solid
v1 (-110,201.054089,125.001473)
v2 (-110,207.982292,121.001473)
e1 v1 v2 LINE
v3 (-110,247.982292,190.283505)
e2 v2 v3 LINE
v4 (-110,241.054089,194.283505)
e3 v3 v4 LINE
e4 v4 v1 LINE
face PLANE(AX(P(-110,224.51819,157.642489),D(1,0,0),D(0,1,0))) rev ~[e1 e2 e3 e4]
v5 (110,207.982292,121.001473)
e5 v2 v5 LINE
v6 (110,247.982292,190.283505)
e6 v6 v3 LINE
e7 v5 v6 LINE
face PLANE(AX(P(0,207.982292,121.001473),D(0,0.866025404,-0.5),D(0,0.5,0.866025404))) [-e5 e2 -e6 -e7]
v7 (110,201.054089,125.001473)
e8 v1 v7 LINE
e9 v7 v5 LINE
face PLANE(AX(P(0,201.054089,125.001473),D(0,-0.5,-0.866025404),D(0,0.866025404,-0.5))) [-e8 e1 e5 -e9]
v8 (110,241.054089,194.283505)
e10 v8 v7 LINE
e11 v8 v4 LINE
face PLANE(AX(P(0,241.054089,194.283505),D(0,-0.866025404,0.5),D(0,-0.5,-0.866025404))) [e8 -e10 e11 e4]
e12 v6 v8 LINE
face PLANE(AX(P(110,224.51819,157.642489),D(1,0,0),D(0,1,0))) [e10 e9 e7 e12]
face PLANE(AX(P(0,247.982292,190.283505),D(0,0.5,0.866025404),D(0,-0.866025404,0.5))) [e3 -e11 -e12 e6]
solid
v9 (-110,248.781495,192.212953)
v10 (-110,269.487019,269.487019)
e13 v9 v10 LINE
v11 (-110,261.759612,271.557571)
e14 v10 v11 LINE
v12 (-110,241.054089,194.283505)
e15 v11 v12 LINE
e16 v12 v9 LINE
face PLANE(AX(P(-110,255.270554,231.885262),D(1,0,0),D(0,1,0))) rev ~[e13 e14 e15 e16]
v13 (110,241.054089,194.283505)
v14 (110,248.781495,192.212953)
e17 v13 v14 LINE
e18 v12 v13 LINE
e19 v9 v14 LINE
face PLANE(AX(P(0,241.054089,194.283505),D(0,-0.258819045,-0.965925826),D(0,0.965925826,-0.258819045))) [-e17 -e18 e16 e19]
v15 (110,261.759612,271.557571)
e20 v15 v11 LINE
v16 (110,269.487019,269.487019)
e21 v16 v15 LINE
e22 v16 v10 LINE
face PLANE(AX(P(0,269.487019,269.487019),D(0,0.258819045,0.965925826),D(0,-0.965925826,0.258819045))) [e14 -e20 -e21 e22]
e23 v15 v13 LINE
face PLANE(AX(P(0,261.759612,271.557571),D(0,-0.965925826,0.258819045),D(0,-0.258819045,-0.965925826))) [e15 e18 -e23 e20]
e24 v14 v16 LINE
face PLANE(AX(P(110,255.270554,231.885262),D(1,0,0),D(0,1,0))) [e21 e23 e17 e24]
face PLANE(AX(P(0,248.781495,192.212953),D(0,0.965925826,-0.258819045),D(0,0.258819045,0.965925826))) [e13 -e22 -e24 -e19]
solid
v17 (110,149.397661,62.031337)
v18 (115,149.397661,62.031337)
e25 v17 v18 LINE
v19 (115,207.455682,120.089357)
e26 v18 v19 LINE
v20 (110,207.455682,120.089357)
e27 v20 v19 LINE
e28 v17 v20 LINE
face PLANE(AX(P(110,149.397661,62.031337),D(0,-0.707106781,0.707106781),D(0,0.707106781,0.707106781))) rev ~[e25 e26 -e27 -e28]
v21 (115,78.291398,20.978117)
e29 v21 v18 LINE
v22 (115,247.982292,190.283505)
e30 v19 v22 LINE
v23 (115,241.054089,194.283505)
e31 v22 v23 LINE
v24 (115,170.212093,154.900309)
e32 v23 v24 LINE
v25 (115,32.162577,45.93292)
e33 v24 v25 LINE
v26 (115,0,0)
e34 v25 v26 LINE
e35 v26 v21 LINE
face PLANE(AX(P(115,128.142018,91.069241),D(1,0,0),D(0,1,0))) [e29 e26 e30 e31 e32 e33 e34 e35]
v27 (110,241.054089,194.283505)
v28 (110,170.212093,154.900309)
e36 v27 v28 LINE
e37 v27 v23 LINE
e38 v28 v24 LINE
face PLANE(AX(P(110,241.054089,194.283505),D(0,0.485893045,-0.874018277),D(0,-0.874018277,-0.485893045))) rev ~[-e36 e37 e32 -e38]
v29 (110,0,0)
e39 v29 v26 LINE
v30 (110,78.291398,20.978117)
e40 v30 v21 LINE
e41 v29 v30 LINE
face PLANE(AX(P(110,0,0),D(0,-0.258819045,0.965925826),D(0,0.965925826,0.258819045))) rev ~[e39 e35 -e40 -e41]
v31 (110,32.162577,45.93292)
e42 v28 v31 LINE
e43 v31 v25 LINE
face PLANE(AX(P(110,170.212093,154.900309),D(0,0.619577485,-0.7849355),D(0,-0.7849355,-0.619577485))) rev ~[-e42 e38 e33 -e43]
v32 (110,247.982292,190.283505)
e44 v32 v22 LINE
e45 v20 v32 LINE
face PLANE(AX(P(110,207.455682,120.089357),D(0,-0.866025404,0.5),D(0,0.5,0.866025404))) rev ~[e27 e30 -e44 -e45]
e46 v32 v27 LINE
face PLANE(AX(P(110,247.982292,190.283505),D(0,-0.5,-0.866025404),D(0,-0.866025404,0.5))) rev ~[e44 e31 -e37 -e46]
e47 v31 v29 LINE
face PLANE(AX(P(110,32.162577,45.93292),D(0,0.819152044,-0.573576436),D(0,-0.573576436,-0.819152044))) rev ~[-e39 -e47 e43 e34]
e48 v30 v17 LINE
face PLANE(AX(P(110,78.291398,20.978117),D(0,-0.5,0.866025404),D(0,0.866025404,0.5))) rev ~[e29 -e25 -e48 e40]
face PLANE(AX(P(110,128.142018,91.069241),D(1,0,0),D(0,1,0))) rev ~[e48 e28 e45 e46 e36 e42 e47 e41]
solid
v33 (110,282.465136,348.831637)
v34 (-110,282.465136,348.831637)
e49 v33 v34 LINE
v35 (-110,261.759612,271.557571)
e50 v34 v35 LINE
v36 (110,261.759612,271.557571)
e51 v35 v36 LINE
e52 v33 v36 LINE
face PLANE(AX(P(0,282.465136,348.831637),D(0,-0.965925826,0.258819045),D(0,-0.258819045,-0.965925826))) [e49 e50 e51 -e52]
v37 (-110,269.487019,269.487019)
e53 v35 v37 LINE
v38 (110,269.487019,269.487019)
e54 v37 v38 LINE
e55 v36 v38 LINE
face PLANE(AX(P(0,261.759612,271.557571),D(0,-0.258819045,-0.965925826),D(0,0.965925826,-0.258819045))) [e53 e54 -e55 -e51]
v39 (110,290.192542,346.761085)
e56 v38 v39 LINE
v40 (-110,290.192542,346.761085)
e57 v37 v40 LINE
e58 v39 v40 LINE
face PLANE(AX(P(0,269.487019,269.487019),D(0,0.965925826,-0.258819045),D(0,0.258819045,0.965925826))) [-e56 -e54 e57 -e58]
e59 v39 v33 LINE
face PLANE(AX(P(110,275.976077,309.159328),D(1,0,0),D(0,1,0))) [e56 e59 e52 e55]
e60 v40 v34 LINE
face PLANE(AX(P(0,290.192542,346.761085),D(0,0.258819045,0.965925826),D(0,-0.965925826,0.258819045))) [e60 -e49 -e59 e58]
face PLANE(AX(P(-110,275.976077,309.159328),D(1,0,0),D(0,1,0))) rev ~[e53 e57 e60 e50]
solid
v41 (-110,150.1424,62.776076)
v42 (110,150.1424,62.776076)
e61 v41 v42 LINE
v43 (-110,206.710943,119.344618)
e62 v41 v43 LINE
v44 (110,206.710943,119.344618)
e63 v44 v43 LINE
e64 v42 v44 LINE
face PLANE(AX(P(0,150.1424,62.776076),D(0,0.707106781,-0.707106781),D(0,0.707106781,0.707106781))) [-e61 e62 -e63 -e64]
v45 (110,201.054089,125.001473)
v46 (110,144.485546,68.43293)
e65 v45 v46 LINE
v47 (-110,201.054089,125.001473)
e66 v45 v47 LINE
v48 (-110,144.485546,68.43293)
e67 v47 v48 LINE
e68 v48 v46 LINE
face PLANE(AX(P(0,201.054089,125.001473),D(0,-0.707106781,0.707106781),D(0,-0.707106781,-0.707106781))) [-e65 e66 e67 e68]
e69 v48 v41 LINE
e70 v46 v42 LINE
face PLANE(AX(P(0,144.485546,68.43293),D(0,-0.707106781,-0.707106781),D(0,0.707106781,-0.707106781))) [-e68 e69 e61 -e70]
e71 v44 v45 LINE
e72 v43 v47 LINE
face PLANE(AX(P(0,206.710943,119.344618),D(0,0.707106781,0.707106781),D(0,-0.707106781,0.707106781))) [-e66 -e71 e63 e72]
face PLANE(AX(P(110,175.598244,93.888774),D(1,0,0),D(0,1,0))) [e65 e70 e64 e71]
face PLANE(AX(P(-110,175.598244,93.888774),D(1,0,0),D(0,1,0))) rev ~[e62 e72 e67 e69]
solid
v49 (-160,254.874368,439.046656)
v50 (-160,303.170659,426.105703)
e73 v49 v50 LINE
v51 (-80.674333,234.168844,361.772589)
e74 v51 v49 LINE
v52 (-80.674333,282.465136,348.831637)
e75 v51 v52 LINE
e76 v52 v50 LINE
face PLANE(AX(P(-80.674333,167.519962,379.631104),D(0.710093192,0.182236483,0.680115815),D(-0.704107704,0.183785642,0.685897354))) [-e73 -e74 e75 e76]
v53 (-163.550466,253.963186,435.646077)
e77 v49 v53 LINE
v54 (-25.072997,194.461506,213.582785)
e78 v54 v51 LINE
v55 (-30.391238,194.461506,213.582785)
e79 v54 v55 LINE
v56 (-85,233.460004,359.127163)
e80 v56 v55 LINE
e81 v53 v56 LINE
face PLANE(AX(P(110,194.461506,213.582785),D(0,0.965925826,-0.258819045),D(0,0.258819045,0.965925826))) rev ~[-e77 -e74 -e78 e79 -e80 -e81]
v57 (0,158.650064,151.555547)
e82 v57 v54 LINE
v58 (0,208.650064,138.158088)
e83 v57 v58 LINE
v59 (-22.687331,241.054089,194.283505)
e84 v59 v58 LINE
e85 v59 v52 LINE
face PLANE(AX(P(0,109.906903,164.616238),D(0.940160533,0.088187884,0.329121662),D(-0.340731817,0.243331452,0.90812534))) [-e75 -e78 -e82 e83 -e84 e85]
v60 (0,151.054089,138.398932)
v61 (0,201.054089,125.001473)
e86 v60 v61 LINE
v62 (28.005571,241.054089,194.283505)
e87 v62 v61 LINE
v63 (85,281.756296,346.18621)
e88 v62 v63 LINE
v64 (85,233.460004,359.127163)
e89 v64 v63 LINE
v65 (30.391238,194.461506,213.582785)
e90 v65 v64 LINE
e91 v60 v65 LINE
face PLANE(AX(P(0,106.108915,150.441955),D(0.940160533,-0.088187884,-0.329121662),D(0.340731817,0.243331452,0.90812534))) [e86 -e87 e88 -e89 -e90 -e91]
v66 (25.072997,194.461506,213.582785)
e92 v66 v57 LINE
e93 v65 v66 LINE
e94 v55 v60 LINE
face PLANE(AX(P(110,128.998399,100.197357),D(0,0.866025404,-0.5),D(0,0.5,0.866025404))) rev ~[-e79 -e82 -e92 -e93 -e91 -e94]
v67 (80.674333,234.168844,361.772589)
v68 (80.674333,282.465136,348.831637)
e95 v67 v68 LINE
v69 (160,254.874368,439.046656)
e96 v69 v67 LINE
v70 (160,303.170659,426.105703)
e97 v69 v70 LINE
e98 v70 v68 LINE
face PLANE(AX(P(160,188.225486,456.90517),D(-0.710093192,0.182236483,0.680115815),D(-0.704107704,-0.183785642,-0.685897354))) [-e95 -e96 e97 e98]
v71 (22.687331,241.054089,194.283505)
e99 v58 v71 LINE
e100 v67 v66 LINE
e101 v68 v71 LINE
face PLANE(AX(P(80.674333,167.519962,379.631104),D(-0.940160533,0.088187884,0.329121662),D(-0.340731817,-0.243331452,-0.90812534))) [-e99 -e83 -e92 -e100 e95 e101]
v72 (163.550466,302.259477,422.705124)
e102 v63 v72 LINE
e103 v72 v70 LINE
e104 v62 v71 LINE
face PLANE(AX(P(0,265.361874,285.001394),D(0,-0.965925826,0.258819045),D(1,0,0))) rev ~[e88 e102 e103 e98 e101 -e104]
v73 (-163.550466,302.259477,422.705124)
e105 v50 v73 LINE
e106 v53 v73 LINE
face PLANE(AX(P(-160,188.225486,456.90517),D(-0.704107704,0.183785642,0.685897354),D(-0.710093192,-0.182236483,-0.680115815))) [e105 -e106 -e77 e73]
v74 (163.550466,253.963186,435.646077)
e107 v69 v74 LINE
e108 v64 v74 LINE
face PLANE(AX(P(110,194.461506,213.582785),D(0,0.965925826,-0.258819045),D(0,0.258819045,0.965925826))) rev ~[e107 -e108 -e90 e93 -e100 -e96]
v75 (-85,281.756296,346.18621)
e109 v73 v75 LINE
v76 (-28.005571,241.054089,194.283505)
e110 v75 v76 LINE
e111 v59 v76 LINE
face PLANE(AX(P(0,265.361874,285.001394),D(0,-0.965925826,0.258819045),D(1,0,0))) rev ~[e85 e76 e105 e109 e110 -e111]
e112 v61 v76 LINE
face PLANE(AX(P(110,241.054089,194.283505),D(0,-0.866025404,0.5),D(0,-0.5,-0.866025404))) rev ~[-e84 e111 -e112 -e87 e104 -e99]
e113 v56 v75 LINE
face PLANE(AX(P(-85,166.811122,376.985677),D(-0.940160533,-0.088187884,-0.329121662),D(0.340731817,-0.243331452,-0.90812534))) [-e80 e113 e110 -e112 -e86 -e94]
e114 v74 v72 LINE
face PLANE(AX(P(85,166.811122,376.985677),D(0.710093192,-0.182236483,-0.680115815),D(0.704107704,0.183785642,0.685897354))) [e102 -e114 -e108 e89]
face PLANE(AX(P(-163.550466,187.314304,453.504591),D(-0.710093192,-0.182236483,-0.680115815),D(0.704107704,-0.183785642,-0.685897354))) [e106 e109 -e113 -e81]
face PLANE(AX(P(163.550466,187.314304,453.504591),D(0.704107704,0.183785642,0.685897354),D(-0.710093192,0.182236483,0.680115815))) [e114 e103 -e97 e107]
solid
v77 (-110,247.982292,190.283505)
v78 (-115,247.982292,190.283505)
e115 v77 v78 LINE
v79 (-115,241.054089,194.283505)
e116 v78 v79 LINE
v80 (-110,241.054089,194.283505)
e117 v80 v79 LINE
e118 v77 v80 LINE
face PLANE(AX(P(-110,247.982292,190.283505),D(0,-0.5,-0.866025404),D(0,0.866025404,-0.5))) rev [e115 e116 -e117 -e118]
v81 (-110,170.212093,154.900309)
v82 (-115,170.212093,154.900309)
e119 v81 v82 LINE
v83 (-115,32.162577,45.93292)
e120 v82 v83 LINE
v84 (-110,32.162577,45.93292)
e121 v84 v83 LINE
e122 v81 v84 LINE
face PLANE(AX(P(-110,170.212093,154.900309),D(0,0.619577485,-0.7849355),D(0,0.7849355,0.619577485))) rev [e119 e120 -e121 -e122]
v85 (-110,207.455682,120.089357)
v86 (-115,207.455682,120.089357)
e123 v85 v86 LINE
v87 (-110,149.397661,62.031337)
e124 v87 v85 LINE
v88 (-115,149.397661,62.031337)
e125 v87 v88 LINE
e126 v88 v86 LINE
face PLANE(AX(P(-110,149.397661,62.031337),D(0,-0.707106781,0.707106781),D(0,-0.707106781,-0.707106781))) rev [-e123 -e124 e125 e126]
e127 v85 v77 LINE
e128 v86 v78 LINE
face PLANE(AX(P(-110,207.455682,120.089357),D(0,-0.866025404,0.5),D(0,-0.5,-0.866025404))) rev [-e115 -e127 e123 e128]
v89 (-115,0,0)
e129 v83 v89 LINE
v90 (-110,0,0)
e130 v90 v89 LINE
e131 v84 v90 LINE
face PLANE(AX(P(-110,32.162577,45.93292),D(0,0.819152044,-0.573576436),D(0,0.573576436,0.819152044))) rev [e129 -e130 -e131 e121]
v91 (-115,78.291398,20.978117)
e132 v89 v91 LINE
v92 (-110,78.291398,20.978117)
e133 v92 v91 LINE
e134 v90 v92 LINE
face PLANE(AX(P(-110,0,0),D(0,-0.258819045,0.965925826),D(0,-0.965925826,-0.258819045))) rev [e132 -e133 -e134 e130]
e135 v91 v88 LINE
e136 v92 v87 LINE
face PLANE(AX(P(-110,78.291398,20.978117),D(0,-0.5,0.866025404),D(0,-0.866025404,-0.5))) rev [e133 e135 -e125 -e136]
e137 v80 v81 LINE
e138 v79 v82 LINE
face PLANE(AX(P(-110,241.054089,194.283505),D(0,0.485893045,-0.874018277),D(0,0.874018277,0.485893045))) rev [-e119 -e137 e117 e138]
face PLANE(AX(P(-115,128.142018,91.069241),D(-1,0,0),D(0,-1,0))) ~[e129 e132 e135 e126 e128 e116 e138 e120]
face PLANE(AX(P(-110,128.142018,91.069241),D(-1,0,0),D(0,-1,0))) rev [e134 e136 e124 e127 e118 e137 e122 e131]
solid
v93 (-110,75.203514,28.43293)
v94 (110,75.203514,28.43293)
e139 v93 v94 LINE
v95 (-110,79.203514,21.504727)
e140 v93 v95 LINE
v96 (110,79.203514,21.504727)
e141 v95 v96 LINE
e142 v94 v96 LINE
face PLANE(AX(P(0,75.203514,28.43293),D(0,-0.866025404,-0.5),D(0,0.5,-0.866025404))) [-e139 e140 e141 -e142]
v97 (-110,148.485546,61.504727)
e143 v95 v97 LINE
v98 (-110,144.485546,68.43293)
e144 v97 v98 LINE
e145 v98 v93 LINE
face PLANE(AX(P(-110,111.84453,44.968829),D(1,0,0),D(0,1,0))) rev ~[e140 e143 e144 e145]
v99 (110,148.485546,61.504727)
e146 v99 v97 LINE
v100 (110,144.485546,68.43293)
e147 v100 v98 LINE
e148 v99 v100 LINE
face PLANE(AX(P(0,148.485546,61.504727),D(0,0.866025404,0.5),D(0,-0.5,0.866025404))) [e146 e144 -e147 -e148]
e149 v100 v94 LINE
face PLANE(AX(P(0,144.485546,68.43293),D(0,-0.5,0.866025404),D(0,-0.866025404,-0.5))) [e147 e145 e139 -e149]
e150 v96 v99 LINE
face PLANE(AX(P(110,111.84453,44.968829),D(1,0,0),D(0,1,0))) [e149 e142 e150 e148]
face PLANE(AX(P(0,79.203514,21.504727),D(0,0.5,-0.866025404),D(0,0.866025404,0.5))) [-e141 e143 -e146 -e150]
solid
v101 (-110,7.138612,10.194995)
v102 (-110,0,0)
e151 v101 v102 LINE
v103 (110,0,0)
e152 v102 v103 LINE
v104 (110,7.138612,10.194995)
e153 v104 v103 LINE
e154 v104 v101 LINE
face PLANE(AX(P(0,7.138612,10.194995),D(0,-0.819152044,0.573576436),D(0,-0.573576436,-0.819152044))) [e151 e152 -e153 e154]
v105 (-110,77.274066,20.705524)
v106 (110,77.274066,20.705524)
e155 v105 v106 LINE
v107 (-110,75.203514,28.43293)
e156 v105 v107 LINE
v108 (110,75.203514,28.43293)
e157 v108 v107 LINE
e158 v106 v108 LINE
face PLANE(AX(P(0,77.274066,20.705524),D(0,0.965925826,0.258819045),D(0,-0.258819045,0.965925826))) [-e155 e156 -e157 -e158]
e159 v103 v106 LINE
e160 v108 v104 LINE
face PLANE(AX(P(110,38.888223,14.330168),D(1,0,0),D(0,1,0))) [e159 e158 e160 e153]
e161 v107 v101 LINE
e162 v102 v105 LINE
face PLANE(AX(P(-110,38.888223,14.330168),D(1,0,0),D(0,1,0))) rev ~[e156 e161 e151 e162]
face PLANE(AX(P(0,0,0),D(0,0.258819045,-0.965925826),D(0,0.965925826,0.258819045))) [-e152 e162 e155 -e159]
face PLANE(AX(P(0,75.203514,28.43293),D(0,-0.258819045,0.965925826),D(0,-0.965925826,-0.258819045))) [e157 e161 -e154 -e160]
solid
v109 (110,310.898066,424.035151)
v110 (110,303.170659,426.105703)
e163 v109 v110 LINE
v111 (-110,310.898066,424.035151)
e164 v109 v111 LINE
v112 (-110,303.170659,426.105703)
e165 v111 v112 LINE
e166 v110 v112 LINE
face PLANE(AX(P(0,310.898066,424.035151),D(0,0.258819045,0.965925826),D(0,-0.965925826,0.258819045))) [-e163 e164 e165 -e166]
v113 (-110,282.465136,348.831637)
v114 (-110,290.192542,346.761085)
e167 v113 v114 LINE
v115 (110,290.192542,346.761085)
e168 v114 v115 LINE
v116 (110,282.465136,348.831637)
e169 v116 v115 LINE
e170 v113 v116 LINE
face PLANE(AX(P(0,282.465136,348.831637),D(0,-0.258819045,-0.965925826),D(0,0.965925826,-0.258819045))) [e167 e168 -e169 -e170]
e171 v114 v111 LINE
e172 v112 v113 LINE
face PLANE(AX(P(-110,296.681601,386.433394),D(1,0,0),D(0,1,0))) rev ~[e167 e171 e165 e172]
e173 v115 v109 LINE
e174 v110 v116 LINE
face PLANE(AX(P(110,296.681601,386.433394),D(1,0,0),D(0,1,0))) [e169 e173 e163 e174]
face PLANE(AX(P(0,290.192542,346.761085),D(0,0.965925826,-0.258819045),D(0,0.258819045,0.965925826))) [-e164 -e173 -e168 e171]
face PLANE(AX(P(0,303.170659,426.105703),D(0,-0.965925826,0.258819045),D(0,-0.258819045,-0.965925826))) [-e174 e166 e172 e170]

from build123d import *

# Parameters (mm, degrees)
F2_DEPTH       = 110
F4_DEPTH       = 110
F6_DEPTH       = 110
F8_DEPTH       = 110
F10_DEPTH      = 110
F12_DEPTH      = 110
F14_DEPTH      = 5
F17_DEPTH      = 110
F20_DEPTH      = 119
F22_DEPTH      = 273.5514659616
F22_DEPTH_BACK = 53.5514659616


with BuildPart() as f2:
    # F1 (on Right) → F2 (new body, symmetric)
    with BuildSketch(Plane.YZ):
        Polygon((7.1386122285, 10.194994825), (0, 0), (77.2740661031, 20.7055236082), (75.2035137423, 28.4329302185), align=None)
    extrude(amount=F2_DEPTH, both=True)


with BuildPart() as f4:
    # F3 (on Right) → F4 (new body, symmetric)
    with BuildSketch(Plane.YZ):
        Polygon((144.4855460451, 68.4329302185), (75.2035137423, 28.4329302185), (79.2035137423, 21.5047269882), (148.4855460451, 61.5047269882), align=None)
    extrude(amount=F4_DEPTH, both=True)


with BuildPart() as f6:
    # F5 (on Right) → F6 (new body, symmetric)
    with BuildSketch(Plane.YZ):
        Polygon((201.05408854, 125.0014727134), (144.4855460451, 68.4329302185), (150.1424002946, 62.776075969), (206.7109427895, 119.3446184639), align=None)
    extrude(amount=F6_DEPTH, both=True)


with BuildPart() as f8:
    # F7 (on Right) → F8 (new body, symmetric)
    with BuildSketch(Plane.YZ):
        Polygon((241.05408854, 194.2835050162), (201.05408854, 125.0014727134), (207.9822917703, 121.0014727134), (247.9822917703, 190.2835050162), align=None)
    extrude(amount=F8_DEPTH, both=True)


with BuildPart() as f10:
    # F9 (on Right) → F10 (new body, symmetric)
    with BuildSketch(Plane.YZ):
        Polygon((261.7596121482, 271.5575711193), (241.05408854, 194.2835050162), (248.7814951503, 192.2129526554), (269.4870187585, 269.4870187585), align=None)
    extrude(amount=F10_DEPTH, both=True)


with BuildPart() as f12:
    # F11 (on Right) → F12 (new body, symmetric)
    with BuildSketch(Plane.YZ):
        Polygon((282.4651357564, 348.8316372224), (261.7596121482, 271.5575711193), (269.4870187585, 269.4870187585), (290.1925423667, 346.7610848616), align=None)
    extrude(amount=F12_DEPTH, both=True)


with BuildPart() as f14:
    # F13 (on face) → F14 (new body)
    with BuildSketch(Plane.YZ.offset(110)):
        Polygon((32.1625771399, 45.932920434), (0, 0), (78.2913984832, 20.9781169979), (149.3976613041, 62.0313369786), (207.4556817799, 120.0893574544), (247.9822917703, 190.2835050162), (241.05408854, 194.2835050162), (170.2120928418, 154.900309174), align=None)
    extrude(amount=F14_DEPTH)


with BuildPart() as f15_1:
    # F15: instance of F14
    add(f14.part.mirror(Plane.YZ))


with BuildPart() as f17:
    # F16 (on Right) → F17 (new body, symmetric)
    with BuildSketch(Plane.YZ):
        Polygon((303.1706593646, 426.1057033256), (282.4651357564, 348.8316372224), (290.1925423667, 346.7610848616), (310.8980659749, 424.0351509647), align=None)
    extrude(amount=F17_DEPTH, both=True)


with BuildPart() as f20:
    # F19 (on offset) → F20 (new body, through all)
    with BuildSketch(Plane(origin=(0, 61.3904768684, -16.4495286999), x_dir=(1, 0, 0), z_dir=(0, -0.9659258263, 0.2588190451))):
        Polygon((-163.5504659616, 486.5323056132), (-85, 407.3140967376), (0, 172.778778028), (85, 407.3140967376), (163.5504659616, 486.5323056132), (160, 490.0528441311), (80.6743327561, 410.0528441311), (0, 187.4530753706), (-80.6743327561, 410.0528441311), (-160, 490.0528441311), align=None)
    extrude(amount=-F20_DEPTH)

    # F21 (on face) → F22 (cut, two sides)
    with BuildSketch(Plane.YZ.offset(110)) as f22_sk:
        Polygon((369.9040717553, 104.2930381831), (241.05408854, 194.2835050162), (201.05408854, 125.0014727134), (274.6826482486, 80.5175428409), align=None)
        Polygon((194.4615059111, 213.5827846471), (260.747820074, 460.9666769495), (140.7673657296, 543.3600070076), (18.2077363489, 145.2441187697), (128.9983988164, 100.1973571377), align=None)
    extrude(amount=-F22_DEPTH, mode=Mode.SUBTRACT)
    extrude(f22_sk.sketch, amount=F22_DEPTH_BACK, mode=Mode.SUBTRACT)


solid = Compound([f2.part, f4.part, f6.part, f8.part, f10.part, f12.part, f14.part, f15_1.part, f17.part, f20.part])
